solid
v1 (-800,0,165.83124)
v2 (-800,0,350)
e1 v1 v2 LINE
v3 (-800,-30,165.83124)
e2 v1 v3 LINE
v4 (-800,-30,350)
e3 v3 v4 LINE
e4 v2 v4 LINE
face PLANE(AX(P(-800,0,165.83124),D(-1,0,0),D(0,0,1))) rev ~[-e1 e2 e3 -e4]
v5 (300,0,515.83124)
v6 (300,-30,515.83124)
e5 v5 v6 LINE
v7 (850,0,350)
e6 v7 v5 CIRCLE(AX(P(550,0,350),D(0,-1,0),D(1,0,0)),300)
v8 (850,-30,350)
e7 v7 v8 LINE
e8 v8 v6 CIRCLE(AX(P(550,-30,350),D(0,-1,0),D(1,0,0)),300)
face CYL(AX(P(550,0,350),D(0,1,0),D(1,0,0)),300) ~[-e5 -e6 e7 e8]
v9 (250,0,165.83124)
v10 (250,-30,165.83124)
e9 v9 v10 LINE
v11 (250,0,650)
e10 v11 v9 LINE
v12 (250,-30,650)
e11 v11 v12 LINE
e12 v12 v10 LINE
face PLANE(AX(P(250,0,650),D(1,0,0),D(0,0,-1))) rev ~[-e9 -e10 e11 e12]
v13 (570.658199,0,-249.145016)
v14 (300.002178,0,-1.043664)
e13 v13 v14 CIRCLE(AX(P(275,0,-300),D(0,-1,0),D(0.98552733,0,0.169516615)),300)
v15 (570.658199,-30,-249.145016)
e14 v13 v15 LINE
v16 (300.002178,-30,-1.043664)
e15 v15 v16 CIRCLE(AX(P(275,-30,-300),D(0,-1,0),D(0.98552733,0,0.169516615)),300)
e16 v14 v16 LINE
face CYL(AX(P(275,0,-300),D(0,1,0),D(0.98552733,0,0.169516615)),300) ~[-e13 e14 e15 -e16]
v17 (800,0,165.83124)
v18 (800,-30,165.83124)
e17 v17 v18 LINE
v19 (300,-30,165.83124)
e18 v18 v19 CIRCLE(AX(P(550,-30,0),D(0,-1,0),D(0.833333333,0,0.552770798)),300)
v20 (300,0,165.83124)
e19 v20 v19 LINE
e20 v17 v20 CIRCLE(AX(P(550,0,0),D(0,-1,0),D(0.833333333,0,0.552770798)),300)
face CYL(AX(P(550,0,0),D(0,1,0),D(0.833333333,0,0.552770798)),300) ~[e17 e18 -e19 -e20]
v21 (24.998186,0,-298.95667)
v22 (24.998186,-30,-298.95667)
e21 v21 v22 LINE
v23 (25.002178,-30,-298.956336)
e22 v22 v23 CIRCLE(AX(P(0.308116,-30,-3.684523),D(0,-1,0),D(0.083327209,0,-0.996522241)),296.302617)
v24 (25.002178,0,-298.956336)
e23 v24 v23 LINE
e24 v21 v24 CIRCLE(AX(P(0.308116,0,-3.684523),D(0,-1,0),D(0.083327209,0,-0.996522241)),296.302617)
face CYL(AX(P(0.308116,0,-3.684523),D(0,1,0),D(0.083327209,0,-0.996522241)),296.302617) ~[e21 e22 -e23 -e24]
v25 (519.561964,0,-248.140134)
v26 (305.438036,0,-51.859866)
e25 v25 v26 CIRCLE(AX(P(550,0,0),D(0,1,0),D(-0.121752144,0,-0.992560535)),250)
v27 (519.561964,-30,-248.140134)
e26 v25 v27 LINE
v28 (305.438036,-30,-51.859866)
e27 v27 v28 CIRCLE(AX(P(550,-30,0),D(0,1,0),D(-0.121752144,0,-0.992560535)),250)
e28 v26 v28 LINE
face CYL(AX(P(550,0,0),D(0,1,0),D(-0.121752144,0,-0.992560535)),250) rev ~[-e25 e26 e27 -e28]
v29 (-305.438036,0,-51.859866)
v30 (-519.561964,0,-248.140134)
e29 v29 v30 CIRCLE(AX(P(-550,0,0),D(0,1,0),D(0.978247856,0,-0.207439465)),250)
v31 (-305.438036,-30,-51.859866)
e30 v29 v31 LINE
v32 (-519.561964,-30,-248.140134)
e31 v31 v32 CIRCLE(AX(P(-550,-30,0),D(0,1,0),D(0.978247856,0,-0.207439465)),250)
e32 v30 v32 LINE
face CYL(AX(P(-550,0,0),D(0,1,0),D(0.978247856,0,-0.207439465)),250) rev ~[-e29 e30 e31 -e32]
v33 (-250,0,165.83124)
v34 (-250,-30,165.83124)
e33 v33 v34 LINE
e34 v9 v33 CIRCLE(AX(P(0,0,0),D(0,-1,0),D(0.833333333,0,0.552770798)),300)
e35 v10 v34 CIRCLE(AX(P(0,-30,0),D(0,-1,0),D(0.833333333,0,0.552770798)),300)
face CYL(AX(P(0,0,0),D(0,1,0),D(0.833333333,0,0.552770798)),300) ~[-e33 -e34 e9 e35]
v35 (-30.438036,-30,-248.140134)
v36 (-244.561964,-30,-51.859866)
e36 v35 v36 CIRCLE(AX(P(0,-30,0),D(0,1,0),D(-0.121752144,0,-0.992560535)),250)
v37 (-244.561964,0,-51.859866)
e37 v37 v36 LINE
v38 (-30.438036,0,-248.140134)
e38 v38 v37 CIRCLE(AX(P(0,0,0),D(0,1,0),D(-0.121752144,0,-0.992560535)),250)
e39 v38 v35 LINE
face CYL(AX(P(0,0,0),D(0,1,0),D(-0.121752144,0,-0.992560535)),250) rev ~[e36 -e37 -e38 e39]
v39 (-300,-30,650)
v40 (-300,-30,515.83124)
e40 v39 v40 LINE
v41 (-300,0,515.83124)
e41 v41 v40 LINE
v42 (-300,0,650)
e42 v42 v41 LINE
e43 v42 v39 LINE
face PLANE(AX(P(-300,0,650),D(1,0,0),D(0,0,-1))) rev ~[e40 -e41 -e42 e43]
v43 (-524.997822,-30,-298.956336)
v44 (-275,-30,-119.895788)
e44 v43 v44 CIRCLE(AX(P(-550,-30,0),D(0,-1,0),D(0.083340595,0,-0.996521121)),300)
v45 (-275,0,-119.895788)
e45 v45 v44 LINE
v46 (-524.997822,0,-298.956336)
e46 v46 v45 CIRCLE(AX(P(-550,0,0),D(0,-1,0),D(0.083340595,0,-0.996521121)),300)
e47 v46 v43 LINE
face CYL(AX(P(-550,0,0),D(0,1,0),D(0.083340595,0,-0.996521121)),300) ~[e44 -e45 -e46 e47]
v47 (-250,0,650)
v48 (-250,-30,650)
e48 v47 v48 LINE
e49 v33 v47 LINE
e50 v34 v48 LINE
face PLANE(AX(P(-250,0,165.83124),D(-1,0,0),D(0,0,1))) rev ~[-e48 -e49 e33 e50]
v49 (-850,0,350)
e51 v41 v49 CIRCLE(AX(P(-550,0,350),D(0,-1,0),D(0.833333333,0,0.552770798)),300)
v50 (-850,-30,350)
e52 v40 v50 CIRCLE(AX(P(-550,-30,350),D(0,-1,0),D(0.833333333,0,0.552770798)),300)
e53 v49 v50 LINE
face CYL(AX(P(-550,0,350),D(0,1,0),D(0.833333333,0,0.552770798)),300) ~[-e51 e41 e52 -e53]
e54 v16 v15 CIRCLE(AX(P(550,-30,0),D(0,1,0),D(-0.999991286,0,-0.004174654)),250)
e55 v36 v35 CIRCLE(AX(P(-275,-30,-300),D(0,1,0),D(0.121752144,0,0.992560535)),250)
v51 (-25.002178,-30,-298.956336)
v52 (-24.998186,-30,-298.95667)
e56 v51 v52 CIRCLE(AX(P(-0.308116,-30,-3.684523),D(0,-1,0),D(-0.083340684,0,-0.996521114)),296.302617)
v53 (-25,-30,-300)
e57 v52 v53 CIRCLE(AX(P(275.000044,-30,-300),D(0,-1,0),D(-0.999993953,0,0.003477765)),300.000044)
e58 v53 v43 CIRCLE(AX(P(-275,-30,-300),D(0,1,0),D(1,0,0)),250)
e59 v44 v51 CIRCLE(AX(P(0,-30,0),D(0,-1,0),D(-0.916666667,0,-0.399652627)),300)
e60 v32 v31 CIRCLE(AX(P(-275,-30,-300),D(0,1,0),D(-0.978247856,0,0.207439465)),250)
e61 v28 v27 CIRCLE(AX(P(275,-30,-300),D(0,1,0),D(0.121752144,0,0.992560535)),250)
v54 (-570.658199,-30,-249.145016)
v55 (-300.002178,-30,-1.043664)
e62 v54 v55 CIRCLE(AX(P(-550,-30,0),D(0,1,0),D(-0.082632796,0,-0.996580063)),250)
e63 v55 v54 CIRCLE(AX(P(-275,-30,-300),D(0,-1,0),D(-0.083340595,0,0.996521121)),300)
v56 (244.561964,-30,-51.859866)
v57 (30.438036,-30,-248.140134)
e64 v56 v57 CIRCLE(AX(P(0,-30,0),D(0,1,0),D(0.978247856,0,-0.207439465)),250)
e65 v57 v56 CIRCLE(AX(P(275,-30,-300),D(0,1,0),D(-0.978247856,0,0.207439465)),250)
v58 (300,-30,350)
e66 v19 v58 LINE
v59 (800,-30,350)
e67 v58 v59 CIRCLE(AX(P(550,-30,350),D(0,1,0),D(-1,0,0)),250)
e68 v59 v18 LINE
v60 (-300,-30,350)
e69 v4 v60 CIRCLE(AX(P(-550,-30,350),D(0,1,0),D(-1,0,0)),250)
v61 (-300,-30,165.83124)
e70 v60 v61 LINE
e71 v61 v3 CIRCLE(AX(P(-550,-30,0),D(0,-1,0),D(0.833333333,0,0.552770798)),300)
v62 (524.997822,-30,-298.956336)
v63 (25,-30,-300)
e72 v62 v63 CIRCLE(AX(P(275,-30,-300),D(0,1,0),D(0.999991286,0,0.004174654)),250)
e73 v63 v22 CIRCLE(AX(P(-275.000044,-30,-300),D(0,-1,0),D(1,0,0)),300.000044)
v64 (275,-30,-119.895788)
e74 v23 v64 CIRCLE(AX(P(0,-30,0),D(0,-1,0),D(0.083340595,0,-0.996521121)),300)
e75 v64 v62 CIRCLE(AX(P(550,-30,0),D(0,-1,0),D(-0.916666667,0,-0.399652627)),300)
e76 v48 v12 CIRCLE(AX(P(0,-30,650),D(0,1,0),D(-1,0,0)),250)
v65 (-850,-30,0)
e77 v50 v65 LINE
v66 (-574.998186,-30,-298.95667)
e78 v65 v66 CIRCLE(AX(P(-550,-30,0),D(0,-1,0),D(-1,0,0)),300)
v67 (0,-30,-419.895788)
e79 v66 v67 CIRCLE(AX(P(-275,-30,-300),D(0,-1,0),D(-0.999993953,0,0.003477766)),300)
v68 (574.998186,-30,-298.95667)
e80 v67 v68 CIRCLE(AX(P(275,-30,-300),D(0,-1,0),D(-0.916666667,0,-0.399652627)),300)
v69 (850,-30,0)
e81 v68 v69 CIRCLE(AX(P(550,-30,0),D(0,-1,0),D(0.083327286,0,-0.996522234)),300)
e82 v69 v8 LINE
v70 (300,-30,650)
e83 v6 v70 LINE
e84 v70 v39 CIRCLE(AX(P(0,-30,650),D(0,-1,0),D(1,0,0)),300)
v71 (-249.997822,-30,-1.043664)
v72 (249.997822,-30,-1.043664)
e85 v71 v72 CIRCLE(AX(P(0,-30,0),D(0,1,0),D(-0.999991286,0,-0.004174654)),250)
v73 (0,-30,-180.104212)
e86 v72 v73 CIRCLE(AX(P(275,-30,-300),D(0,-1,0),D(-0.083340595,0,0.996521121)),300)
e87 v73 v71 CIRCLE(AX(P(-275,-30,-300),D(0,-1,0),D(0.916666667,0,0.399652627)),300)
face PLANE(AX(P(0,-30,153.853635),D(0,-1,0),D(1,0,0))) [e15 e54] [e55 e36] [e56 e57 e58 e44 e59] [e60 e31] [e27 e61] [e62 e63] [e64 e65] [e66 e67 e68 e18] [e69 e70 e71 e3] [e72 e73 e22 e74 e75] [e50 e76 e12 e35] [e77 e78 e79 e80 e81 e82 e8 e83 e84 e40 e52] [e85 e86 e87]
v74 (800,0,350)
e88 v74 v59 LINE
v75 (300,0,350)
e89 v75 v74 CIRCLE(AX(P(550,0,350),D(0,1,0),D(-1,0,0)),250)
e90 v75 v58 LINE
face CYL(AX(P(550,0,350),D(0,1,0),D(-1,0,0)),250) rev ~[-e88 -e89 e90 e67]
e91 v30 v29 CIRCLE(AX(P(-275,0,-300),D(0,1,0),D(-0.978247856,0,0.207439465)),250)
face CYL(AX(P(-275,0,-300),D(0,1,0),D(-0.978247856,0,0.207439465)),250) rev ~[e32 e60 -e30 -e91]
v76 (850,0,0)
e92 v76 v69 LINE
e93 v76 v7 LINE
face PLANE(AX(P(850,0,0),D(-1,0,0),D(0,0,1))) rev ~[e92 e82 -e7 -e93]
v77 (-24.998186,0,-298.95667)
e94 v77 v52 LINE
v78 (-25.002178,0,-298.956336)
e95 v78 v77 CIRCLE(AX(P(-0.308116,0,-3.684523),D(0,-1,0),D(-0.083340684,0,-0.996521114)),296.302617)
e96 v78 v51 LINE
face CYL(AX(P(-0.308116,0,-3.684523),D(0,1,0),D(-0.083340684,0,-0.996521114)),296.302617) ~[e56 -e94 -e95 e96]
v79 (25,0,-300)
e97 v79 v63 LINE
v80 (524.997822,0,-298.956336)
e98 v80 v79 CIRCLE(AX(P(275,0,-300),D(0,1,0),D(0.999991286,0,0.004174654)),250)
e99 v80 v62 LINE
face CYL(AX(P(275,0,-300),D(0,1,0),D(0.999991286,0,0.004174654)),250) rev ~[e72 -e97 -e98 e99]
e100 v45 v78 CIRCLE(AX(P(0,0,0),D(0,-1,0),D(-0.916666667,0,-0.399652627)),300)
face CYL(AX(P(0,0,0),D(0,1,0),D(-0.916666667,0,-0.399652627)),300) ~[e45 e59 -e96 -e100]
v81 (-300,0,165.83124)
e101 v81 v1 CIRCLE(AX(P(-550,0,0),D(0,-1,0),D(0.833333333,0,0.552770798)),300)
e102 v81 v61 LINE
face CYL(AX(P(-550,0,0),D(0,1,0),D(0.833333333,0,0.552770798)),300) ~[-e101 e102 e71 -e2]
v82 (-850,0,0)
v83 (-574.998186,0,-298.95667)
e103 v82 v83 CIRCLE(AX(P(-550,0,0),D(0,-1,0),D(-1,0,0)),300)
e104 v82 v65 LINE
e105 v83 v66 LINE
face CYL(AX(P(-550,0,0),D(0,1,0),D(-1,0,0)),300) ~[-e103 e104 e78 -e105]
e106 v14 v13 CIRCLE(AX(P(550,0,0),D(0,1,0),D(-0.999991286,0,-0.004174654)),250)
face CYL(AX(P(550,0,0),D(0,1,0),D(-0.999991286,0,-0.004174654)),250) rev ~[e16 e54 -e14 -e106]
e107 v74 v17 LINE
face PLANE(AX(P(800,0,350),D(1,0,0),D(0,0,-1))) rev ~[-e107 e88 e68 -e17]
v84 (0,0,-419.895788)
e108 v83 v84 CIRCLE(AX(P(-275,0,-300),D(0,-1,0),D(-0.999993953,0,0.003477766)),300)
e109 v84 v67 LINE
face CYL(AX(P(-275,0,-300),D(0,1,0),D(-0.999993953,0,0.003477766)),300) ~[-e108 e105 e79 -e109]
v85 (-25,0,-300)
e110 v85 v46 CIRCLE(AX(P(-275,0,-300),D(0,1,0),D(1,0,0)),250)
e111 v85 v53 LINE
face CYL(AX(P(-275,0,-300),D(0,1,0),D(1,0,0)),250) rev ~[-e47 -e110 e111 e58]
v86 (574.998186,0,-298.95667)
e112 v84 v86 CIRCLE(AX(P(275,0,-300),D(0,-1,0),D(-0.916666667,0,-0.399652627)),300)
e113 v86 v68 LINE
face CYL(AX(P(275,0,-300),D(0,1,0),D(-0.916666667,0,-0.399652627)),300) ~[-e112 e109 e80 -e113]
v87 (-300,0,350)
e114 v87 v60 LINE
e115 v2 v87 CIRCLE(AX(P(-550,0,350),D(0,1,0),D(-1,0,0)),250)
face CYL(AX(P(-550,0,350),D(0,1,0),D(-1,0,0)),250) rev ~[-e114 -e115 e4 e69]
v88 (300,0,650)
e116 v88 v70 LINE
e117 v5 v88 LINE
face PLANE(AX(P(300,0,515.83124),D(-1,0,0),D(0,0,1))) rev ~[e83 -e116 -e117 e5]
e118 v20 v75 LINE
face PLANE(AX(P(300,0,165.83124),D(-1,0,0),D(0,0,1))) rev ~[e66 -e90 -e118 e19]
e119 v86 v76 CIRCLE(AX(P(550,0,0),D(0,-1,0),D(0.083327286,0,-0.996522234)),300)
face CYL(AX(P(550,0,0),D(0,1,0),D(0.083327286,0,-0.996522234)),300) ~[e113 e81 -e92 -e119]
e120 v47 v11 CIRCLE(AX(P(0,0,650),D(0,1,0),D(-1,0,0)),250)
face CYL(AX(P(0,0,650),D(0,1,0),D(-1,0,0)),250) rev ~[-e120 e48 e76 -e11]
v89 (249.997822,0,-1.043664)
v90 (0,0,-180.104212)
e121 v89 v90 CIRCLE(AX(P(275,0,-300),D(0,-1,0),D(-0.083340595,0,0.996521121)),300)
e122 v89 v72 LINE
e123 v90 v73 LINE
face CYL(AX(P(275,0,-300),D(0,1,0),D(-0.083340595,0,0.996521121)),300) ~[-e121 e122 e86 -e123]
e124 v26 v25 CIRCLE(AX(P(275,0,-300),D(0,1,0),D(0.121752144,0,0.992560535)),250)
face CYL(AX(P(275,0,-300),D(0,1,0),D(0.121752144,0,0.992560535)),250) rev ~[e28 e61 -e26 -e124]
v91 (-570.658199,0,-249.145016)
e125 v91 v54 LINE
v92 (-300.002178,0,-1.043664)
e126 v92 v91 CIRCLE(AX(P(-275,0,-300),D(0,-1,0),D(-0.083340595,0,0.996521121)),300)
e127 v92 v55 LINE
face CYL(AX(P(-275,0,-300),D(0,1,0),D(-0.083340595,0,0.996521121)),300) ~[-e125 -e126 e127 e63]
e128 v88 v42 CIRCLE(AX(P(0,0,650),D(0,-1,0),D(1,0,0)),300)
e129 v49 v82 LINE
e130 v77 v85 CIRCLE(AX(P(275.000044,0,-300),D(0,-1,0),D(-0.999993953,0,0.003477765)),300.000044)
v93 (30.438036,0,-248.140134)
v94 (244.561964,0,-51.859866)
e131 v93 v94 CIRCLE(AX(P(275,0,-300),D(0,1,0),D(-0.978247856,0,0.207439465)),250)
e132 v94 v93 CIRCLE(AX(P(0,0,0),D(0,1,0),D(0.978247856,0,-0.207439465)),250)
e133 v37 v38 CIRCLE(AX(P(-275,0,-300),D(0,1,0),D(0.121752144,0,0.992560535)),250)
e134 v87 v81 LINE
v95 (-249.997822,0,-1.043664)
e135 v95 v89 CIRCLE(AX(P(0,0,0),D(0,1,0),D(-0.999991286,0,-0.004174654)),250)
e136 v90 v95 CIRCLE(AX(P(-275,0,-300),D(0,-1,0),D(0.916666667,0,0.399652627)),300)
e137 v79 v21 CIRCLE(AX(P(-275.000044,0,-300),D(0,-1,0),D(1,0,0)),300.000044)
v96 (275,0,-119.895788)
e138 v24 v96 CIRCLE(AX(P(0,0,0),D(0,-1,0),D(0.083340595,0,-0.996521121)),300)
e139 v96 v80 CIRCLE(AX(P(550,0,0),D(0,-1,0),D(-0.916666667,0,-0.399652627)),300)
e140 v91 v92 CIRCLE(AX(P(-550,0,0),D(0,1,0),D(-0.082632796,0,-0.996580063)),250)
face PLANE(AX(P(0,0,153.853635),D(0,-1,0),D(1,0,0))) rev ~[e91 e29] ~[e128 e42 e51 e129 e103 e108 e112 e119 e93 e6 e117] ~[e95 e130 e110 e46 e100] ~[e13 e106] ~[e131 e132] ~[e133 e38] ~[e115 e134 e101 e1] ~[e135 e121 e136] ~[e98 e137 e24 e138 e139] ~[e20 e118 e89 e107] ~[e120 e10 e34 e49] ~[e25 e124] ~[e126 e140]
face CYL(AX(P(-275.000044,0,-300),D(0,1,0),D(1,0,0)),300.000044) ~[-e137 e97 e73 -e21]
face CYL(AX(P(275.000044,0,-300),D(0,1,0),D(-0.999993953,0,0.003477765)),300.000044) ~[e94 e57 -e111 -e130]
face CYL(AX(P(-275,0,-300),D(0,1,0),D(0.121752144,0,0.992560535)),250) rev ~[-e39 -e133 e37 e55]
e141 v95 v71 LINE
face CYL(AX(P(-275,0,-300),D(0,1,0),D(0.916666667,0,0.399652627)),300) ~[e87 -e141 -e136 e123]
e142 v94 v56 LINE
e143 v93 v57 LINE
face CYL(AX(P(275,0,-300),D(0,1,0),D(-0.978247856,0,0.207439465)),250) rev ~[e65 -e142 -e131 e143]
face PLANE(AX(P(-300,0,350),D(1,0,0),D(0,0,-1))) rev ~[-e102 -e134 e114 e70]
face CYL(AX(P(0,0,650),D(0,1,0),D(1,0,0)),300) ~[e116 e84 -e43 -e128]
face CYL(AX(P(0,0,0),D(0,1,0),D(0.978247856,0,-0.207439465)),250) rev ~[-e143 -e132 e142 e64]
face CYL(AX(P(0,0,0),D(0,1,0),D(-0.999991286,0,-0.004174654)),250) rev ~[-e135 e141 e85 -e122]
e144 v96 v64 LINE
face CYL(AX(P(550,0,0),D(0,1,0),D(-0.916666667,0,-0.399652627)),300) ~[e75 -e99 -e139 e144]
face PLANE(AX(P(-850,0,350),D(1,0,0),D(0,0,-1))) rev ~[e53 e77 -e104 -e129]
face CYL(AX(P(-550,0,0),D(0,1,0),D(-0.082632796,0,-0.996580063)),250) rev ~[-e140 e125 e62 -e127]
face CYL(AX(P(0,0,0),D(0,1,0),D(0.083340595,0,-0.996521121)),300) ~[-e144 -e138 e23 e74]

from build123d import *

# Parameters (mm, degrees)
F1_DEPTH = 30


with BuildPart() as f1:
    # F0 (on Front) → F1 (new body)
    with BuildSketch(Plane.XZ):
        with BuildLine():
            Line((-850, 350), (-850, 0))
            ThreePointArc((-850, 0), (-770.7934053928, -203.101630065), (-574.9981857664, -298.9566702858))
            ThreePointArc((-574.9981857664, -298.9566702858), (-336.7478329683, -593.5765745487), (0, -419.8957880828))
            ThreePointArc((0, -419.8957880828), (336.7478329683, -593.5765745487), (574.9981857664, -298.9566702858))
            ThreePointArc((574.9981857664, -298.9566702858), (770.7934053928, -203.101630065), (850, 0))
            Line((850, 0), (850, 350))
            ThreePointArc((850, 350), (636.6025403784, 637.2281323269), (300, 515.8312395178))
            Line((300, 515.8312395178), (300, 650))
            ThreePointArc((300, 650), (0, 950), (-300, 650))
            Line((-300, 650), (-300, 515.8312395178))
            ThreePointArc((-300, 515.8312395178), (-636.6025403784, 637.2281323269), (-850, 350))
        make_face()
        with BuildLine():
            ThreePointArc((-524.9978215231, -298.9563363961), (-375.3117154378, -243.8934259809), (-275, -119.8957880828))
            ThreePointArc((-275, -119.8957880828), (-174.6882845622, -243.8934259809), (-25.0021784769, -298.9563363961))
            ThreePointArc((-25.0021784769, -298.9563363961), (-25.0001821222, -298.9565033477), (-24.9981857664, -298.9566702858))
            ThreePointArc((-24.9981857664, -298.9566702858), (-24.9995464412, -299.4783343542), (-25, -300))
            ThreePointArc((-25, -300), (-275.5218329387, -549.9994553802), (-524.9978215231, -298.9563363961))
        make_face(mode=Mode.SUBTRACT)
        with BuildLine():
            ThreePointArc((-570.6581988816, -249.1450156414), (-718.9311571293, 184.2885350502), (-300.0021784769, -1.0436636039))
            ThreePointArc((-300.0021784769, -1.0436636039), (-477.7173885552, -78.8537579398), (-570.6581988816, -249.1450156414))
        make_face(mode=Mode.SUBTRACT)
        with BuildLine():
            ThreePointArc((-519.5619640719, -248.1401337326), (-443.9311571293, -115.7114649498), (-305.4380359281, -51.8598662674))
            ThreePointArc((-305.4380359281, -51.8598662674), (-381.0688428707, -184.2885350502), (-519.5619640719, -248.1401337326))
        make_face(mode=Mode.SUBTRACT)
        with BuildLine():
            ThreePointArc((-30.4380359281, -248.1401337326), (-168.9311571293, -184.2885350502), (-244.5619640719, -51.8598662674))
            ThreePointArc((-244.5619640719, -51.8598662674), (-106.0688428707, -115.7114649498), (-30.4380359281, -248.1401337326))
        make_face(mode=Mode.SUBTRACT)
        with BuildLine():
            ThreePointArc((249.9978215231, -1.0436636039), (100.3117154378, -56.1065740191), (0, -180.1042119172))
            ThreePointArc((0, -180.1042119172), (-100.3117154378, -56.1065740191), (-249.9978215231, -1.0436636039))
            ThreePointArc((-249.9978215231, -1.0436636038), (0, 250), (249.9978215231, -1.0436636039))
        make_face(mode=Mode.SUBTRACT)
        with BuildLine():
            ThreePointArc((25.0021784769, -298.9563363961), (174.6882845622, -243.8934259809), (275, -119.8957880828))
            ThreePointArc((275, -119.8957880828), (375.3117154378, -243.8934259809), (524.9978215231, -298.9563363961))
            ThreePointArc((524.9978215231, -298.9563363961), (275.5218329387, -549.9994553802), (25, -300))
            ThreePointArc((25, -300), (24.9995464412, -299.4783343542), (24.9981857664, -298.9566702858))
            ThreePointArc((24.9981857664, -298.9566702858), (25.0001821222, -298.9565033477), (25.0021784769, -298.9563363961))
        make_face(mode=Mode.SUBTRACT)
        with BuildLine():
            ThreePointArc((244.5619640719, -51.8598662674), (168.9311571293, -184.2885350502), (30.4380359281, -248.1401337326))
            ThreePointArc((30.4380359281, -248.1401337326), (106.0688428707, -115.7114649498), (244.5619640719, -51.8598662674))
        make_face(mode=Mode.SUBTRACT)
        with BuildLine():
            ThreePointArc((519.5619640719, -248.1401337326), (381.0688428707, -184.2885350502), (305.4380359281, -51.8598662674))
            ThreePointArc((305.4380359281, -51.8598662674), (443.9311571293, -115.7114649498), (519.5619640719, -248.1401337326))
        make_face(mode=Mode.SUBTRACT)
        with BuildLine():
            ThreePointArc((300.0021784769, -1.0436636038), (718.9311571293, 184.2885350502), (570.6581988816, -249.1450156414))
            ThreePointArc((570.6581988816, -249.1450156414), (477.7173885552, -78.8537579398), (300.0021784769, -1.0436636039))
        make_face(mode=Mode.SUBTRACT)
        with BuildLine():
            ThreePointArc((-800, 350), (-550, 600), (-300, 350))
            Line((-300, 350), (-300, 165.8312395178))
            ThreePointArc((-300, 165.8312395178), (-550, 300), (-800, 165.8312395178))
            Line((-800, 165.8312395178), (-800, 350))
        make_face(mode=Mode.SUBTRACT)
        with BuildLine():
            Line((-250, 165.8312395178), (-250, 350))
            Line((-250, 350), (-250, 650))
            ThreePointArc((-250, 650), (0, 900), (250, 650))
            Line((250, 650), (250, 350))
            Line((250, 350), (250, 165.8312395178))
            ThreePointArc((250, 165.8312395178), (0, 300), (-250, 165.8312395178))
        make_face(mode=Mode.SUBTRACT)
        with BuildLine():
            ThreePointArc((300, 350), (550, 600), (800, 350))
            Line((800, 350), (800, 165.8312395178))
            ThreePointArc((800, 165.8312395178), (550, 300), (300, 165.8312395178))
            Line((300, 165.8312395178), (300, 350))
        make_face(mode=Mode.SUBTRACT)
    extrude(amount=F1_DEPTH)


solid = f1.part
